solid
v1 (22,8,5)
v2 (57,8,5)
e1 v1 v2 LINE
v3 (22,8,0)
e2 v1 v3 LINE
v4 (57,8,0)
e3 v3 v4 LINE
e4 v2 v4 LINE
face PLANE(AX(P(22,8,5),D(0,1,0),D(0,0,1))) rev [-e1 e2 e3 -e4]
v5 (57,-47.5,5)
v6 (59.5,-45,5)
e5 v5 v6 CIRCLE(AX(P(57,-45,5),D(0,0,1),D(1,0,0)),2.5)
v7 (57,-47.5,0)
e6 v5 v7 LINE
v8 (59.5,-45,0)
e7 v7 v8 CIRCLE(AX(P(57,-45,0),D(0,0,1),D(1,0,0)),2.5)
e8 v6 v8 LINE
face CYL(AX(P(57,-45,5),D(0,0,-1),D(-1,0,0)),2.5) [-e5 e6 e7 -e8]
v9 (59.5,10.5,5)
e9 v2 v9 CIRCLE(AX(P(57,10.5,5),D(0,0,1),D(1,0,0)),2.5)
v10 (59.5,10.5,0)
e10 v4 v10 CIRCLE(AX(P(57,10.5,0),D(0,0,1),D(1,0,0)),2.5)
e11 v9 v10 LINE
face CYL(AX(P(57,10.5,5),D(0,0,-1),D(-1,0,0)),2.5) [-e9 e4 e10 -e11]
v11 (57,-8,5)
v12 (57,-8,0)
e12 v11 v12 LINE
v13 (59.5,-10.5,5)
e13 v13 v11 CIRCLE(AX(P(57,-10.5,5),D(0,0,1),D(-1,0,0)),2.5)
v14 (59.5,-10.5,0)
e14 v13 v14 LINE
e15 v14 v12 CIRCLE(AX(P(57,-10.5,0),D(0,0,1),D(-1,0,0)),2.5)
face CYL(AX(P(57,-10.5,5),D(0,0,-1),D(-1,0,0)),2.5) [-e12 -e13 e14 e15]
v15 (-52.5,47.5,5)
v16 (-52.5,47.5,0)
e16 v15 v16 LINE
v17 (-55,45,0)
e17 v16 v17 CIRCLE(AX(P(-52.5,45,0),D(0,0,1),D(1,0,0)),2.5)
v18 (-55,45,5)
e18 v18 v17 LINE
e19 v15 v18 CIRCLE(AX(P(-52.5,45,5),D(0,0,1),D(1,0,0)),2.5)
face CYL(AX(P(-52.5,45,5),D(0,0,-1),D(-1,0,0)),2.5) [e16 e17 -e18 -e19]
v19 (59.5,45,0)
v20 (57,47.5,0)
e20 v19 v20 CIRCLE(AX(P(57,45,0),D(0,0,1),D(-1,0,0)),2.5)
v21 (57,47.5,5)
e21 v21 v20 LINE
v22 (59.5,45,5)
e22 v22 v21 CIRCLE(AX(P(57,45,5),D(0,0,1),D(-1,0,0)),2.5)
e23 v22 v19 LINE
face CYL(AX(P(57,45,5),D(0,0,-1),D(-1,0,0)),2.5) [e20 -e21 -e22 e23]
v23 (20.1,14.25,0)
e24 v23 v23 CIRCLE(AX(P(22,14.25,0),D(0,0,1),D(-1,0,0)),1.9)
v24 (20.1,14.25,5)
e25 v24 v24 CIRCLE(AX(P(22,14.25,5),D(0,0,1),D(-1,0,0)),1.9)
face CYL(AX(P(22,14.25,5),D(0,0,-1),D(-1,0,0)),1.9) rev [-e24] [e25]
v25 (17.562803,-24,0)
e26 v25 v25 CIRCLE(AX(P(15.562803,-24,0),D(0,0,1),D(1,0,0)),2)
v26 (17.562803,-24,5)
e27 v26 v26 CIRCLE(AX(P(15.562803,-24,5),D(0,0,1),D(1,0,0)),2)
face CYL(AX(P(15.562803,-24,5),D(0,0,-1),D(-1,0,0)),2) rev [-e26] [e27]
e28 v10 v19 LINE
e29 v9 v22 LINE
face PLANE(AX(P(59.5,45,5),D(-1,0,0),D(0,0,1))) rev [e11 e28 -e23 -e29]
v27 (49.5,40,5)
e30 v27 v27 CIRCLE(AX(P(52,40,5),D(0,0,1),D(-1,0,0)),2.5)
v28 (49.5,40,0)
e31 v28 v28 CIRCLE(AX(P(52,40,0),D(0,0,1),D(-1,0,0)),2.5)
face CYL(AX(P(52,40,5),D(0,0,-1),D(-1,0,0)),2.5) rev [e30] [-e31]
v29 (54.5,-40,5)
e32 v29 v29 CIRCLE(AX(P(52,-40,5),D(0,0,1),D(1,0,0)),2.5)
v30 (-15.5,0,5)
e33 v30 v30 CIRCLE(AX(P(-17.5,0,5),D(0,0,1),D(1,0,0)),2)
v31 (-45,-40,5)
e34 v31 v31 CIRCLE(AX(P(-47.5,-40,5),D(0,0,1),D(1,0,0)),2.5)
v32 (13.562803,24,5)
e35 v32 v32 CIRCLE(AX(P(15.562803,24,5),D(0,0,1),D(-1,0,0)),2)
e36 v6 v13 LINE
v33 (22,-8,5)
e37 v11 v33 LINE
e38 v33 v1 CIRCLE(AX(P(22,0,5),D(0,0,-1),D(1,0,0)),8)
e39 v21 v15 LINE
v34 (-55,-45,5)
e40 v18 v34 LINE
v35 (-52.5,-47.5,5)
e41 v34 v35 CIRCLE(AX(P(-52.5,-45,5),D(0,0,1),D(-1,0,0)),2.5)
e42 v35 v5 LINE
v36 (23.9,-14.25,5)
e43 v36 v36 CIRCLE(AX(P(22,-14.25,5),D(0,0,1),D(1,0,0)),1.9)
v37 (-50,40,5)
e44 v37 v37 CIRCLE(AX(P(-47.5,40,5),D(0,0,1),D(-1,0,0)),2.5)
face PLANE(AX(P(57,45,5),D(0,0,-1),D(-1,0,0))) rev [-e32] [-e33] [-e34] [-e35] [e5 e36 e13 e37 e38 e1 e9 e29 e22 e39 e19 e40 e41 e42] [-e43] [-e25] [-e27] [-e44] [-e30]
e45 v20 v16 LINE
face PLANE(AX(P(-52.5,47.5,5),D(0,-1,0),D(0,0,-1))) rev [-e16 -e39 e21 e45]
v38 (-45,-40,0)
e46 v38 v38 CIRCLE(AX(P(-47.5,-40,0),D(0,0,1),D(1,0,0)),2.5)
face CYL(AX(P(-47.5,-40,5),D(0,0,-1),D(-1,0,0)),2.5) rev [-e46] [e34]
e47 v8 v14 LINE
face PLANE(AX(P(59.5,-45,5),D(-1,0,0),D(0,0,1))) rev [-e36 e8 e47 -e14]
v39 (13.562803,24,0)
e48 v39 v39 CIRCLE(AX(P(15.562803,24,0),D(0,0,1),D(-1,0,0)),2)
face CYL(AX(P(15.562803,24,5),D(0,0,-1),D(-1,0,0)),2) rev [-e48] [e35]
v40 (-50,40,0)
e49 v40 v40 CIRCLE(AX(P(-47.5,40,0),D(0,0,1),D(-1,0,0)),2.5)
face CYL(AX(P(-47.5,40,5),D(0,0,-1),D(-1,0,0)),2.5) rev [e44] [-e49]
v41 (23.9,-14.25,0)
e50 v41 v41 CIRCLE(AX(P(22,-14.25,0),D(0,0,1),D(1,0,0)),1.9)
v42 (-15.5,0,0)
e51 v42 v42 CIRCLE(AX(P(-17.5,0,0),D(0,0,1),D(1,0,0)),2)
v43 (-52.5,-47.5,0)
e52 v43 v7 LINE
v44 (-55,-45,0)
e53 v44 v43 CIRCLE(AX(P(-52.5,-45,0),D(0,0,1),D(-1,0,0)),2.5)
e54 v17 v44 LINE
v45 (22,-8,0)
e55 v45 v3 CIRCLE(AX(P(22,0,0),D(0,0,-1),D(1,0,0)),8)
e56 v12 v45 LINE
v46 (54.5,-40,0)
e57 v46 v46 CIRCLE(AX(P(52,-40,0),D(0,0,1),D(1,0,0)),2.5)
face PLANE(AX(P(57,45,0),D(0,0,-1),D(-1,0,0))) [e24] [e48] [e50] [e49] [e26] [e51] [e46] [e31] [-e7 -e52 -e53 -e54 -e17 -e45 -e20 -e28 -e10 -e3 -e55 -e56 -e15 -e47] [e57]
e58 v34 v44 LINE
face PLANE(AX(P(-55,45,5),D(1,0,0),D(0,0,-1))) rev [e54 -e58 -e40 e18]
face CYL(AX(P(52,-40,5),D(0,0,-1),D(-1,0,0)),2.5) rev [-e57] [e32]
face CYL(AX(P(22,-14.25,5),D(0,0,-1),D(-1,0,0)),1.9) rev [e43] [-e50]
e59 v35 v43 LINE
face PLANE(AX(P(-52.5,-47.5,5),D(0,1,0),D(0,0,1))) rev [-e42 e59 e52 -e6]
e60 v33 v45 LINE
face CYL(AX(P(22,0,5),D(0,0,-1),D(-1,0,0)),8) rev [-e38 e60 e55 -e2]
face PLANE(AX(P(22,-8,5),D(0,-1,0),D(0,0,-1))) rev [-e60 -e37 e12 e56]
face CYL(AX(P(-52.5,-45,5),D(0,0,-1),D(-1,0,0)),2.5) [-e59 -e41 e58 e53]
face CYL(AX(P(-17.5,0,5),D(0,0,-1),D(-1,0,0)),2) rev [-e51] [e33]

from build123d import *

# Parameters (mm, degrees)
SKETCH1_R           = 2
SKETCH1_R_2         = 1.9
SKETCH1_R_3         = 2.5
BOSS_EXTRUDE1_DEPTH = 5


with BuildPart() as part:
    # Sketch1 → Boss-Extrude1 (new body)
    with BuildSketch(Plane.XY):
        with BuildLine():
            Line((-55, 45), (-55, -45))
            ThreePointArc((-55, -45), (-54.267766953, -46.767766953), (-52.5, -47.5))
            Line((-52.5, -47.5), (57, -47.5))
            ThreePointArc((57, -47.5), (58.767766953, -46.767766953), (59.5, -45))
            Line((59.5, -45), (59.5, -10.5))
            ThreePointArc((59.5, -10.5), (58.767766953, -8.732233047), (57, -8))
            Line((57, -8), (22, -8))
            ThreePointArc((22, -8), (14, 0), (22, 8))
            Line((22, 8), (57, 8))
            ThreePointArc((57, 8), (58.767766953, 8.732233047), (59.5, 10.5))
            Line((59.5, 10.5), (59.5, 45))
            ThreePointArc((59.5, 45), (58.767766953, 46.767766953), (57, 47.5))
            Line((57, 47.5), (-52.5, 47.5))
            ThreePointArc((-52.5, 47.5), (-54.267766953, 46.767766953), (-55, 45))
        make_face()
        with Locations(Location((15.562803405, 24, 0), (0, 0, 180))):
            Circle(SKETCH1_R, mode=Mode.SUBTRACT)
        with Locations((22, -14.25)):
            Circle(SKETCH1_R_2, mode=Mode.SUBTRACT)
        with Locations(Location((22, 14.25, 0), (0, 0, 180))):
            Circle(SKETCH1_R_2, mode=Mode.SUBTRACT)
        with Locations((52, -40)):
            Circle(SKETCH1_R_3, mode=Mode.SUBTRACT)
        with Locations((-47.5, -40)):
            Circle(SKETCH1_R_3, mode=Mode.SUBTRACT)
        with Locations((15.562803405, -24)):
            Circle(SKETCH1_R, mode=Mode.SUBTRACT)
        with Locations((-17.5, 0)):
            Circle(SKETCH1_R, mode=Mode.SUBTRACT)
        with Locations(Location((-47.5, 40, 0), (0, 0, 180))):
            Circle(SKETCH1_R_3, mode=Mode.SUBTRACT)
        with Locations(Location((52, 40, 0), (0, 0, 180))):
            Circle(SKETCH1_R_3, mode=Mode.SUBTRACT)
    extrude(amount=BOSS_EXTRUDE1_DEPTH)


solid = part.part
